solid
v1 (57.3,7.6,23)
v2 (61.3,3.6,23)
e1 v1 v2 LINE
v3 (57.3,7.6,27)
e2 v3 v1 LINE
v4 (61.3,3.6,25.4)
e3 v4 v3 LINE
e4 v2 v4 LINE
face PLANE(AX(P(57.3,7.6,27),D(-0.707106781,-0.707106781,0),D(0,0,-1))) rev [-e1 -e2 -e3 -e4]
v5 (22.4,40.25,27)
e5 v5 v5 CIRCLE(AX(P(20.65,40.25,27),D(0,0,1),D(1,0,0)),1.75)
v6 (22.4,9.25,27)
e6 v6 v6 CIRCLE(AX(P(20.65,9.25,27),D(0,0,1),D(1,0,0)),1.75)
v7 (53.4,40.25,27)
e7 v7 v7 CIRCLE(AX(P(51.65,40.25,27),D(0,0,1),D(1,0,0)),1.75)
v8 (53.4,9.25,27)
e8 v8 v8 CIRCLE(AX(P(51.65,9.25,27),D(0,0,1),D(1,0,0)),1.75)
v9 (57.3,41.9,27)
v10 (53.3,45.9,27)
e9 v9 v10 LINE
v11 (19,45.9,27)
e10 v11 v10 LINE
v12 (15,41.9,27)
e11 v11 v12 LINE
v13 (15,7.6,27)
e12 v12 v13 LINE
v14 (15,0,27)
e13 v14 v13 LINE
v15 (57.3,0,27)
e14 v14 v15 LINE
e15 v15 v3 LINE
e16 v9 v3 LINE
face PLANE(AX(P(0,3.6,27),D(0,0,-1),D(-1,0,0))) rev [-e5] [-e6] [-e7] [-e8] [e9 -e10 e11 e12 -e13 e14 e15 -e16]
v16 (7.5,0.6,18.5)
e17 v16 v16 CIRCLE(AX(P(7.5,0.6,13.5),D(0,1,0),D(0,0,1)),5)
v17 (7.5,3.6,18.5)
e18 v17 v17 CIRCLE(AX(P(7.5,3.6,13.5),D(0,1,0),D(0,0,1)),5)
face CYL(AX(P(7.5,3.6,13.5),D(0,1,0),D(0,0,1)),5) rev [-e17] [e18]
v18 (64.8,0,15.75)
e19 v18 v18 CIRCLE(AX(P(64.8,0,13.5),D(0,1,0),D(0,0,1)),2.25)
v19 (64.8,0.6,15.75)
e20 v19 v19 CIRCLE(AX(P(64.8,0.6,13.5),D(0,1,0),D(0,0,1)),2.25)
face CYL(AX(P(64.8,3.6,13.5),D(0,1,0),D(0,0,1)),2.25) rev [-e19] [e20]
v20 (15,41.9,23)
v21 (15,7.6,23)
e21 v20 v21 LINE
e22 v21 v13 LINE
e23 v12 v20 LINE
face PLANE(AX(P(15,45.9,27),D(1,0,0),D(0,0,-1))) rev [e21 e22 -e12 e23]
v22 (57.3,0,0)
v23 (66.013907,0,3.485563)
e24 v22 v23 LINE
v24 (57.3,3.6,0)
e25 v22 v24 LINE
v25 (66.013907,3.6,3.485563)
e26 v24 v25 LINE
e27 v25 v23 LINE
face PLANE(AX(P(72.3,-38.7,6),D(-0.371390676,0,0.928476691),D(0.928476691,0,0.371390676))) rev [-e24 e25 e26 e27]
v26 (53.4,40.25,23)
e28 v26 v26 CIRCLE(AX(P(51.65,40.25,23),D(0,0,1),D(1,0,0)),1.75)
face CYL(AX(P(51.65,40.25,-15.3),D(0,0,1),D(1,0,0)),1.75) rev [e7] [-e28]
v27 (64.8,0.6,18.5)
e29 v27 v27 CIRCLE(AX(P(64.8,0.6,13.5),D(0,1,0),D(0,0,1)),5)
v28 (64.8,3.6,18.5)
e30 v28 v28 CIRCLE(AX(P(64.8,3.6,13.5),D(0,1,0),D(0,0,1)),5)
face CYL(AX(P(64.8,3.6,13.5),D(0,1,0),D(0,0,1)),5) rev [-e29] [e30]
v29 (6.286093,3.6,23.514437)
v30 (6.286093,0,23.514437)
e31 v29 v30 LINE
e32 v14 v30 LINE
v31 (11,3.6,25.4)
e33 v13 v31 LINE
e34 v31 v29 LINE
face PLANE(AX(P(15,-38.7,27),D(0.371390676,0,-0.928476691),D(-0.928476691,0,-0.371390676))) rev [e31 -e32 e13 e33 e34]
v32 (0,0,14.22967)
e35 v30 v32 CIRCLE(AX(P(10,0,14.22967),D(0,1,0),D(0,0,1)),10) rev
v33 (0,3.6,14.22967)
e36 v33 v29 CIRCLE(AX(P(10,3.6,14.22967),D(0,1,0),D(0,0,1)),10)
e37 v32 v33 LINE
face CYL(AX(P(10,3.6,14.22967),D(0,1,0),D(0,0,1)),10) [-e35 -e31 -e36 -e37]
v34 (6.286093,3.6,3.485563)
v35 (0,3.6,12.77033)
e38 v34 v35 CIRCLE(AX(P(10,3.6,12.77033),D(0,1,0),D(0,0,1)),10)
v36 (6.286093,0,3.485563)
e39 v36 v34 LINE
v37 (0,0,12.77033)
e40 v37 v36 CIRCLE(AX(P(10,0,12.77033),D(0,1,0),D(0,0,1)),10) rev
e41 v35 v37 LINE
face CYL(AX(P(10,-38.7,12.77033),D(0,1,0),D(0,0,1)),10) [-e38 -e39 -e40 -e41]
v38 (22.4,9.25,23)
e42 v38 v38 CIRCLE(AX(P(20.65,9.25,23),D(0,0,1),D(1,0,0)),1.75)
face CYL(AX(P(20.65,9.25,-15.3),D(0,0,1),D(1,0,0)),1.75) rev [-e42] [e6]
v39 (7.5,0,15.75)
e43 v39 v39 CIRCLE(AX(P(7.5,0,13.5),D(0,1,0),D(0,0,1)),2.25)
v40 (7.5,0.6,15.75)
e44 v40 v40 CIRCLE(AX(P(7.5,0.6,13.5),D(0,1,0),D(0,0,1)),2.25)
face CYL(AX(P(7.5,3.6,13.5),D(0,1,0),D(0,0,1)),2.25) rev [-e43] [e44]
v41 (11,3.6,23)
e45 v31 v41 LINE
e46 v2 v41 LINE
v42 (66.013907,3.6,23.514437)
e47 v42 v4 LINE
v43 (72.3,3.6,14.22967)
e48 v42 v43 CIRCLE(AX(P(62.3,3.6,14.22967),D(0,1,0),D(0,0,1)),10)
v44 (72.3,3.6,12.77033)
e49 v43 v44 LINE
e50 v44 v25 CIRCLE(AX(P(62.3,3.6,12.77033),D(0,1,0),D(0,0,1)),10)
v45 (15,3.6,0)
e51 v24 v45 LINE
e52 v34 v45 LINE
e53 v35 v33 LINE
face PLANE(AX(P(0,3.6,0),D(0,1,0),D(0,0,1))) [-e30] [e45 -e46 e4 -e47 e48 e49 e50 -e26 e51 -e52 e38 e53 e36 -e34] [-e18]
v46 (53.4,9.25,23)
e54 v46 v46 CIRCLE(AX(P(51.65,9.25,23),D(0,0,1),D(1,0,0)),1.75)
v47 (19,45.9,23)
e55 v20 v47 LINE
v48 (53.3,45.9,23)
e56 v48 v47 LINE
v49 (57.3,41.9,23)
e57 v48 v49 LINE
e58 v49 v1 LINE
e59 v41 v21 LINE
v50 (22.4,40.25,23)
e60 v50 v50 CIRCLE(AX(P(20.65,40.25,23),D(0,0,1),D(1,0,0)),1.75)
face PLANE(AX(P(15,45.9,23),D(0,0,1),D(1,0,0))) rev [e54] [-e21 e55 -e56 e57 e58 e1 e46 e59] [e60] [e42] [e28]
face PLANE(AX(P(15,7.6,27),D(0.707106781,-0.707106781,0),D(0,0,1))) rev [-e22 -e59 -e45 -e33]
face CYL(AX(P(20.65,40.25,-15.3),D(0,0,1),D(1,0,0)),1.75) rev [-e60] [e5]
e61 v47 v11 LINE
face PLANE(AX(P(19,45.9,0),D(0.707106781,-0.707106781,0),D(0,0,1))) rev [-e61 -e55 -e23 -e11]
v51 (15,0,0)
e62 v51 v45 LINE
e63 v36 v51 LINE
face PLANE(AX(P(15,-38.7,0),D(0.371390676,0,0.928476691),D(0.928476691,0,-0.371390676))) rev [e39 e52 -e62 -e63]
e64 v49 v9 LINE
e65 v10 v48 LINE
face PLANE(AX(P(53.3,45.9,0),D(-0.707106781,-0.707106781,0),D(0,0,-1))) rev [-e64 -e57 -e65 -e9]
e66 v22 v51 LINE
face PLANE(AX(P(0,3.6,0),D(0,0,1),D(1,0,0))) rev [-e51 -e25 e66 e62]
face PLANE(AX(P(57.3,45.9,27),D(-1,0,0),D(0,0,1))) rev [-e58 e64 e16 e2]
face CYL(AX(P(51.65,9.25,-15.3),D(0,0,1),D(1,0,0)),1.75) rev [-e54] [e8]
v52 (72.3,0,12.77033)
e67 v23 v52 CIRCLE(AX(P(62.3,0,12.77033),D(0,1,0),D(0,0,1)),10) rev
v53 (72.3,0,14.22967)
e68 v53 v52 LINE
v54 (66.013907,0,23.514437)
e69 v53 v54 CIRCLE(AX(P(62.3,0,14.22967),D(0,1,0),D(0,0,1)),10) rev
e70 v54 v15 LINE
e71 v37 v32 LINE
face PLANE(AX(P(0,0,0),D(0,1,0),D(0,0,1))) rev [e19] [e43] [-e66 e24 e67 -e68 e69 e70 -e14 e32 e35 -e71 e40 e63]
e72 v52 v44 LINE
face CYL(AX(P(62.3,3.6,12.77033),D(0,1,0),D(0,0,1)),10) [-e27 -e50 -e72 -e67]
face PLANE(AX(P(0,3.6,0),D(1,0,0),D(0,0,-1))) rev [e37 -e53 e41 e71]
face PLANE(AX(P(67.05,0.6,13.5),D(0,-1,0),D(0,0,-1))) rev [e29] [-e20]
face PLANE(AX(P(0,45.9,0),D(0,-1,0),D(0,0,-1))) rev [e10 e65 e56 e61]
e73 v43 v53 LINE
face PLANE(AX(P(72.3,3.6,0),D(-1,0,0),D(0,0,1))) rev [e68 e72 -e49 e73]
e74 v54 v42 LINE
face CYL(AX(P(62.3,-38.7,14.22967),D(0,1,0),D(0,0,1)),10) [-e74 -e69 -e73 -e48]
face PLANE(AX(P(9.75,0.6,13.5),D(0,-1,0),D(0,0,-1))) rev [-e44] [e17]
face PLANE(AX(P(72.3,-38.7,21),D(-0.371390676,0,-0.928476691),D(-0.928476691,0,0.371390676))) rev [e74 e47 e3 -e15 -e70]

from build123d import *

# Parameters (mm, degrees)
SCHIZZO2_W                                           = 72.3
SCHIZZO2_H                                           = 27
ESTRUSIONE_ESTRUSIONE1_DEPTH                         = 3.6
SCHIZZO3_W                                           = 42.3
SCHIZZO3_H                                           = 4
ESTRUSIONE_ESTRUSIONE2_DEPTH                         = 42.3
SCHIZZO4_R                                           = 1.75
TAGLIO_ESTRUSIONE1_DEPTH                             = 42.3
FORO_LAMATO_PER_VITE_M4_A_TESTA_CILINDRI_D           = 4.5
FORO_LAMATO_PER_VITE_M4_A_TESTA_CILINDRI_DEPTH       = 9
FORO_LAMATO_PER_VITE_M4_A_TESTA_CILINDRI_CBORE_D     = 10
FORO_LAMATO_PER_VITE_M4_A_TESTA_CILINDRI_CBORE_DEPTH = 3
FORO_LAMATO_PER_VITE_M4_A_TESTA_CILINDRI_TIP         = 1.351936393
TAGLIO_ESTRUSIONE2_DEPTH                             = 42.3
SMUSSO1_SIZE                                         = 4
RACCORDO1_R                                          = 10
SMUSSO2_SIZE                                         = 4


with BuildPart() as part:
    # Schizzo2 → Estrusione-Estrusione1 (new body)
    with BuildSketch(Plane(origin=(0, 0, 0), x_dir=(1, 0, 0), z_dir=(0, 1, 0))):
        with Locations((36.15, -13.5)):
            Rectangle(SCHIZZO2_W, SCHIZZO2_H)
    extrude(amount=ESTRUSIONE_ESTRUSIONE1_DEPTH)

    # Schizzo3 → Estrusione-Estrusione2 (add)
    with BuildSketch(Plane(origin=(0, 3.6, 0), x_dir=(1, 0, 0), z_dir=(0, 1, 0))):
        with Locations((36.15, -25)):
            Rectangle(SCHIZZO3_W, SCHIZZO3_H)
    extrude(amount=ESTRUSIONE_ESTRUSIONE2_DEPTH)

    # Schizzo4 → Taglio-Estrusione1 (cut)
    with BuildSketch(Plane.XY.offset(27)):
        with Locations((20.65, 40.25)):
            Circle(SCHIZZO4_R)
        with Locations((51.65, 40.25)):
            Circle(SCHIZZO4_R)
        with Locations((51.65, 9.25)):
            Circle(SCHIZZO4_R)
        with Locations((20.65, 9.25)):
            Circle(SCHIZZO4_R)
    extrude(amount=-TAGLIO_ESTRUSIONE1_DEPTH, mode=Mode.SUBTRACT)

    # Foro lamato per Vite M4 a testa cilindrica-2
    with Locations(Plane(origin=(0, 3.6, 0), x_dir=(1, 0, 0), z_dir=(0, 1, 0))):
        with Locations((7.5, -13.5), (64.8, -13.5)):
            CounterBoreHole(FORO_LAMATO_PER_VITE_M4_A_TESTA_CILINDRI_D / 2, FORO_LAMATO_PER_VITE_M4_A_TESTA_CILINDRI_CBORE_D / 2, FORO_LAMATO_PER_VITE_M4_A_TESTA_CILINDRI_CBORE_DEPTH, depth=FORO_LAMATO_PER_VITE_M4_A_TESTA_CILINDRI_DEPTH)
            with Locations((0, 0, -(FORO_LAMATO_PER_VITE_M4_A_TESTA_CILINDRI_DEPTH + FORO_LAMATO_PER_VITE_M4_A_TESTA_CILINDRI_TIP / 2))):  # 118° drill point
                Cone(0, FORO_LAMATO_PER_VITE_M4_A_TESTA_CILINDRI_D / 2, FORO_LAMATO_PER_VITE_M4_A_TESTA_CILINDRI_TIP, mode=Mode.SUBTRACT)

    # Schizzo8 → Taglio-Estrusione2 (cut)
    with BuildSketch(Plane(origin=(0, 3.6, 0), x_dir=(1, 0, 0), z_dir=(0, 1, 0))):
        Polygon((15, -27), (0, -21), (0, -27), align=None)
        Polygon((0, -6), (0, 0), (15, 0), align=None)
        Polygon((57.3, 0), (72.3, 0), (72.3, -6), align=None)
        Polygon((57.3, -27), (72.3, -27), (72.3, -21), align=None)
    extrude(amount=-TAGLIO_ESTRUSIONE2_DEPTH, mode=Mode.SUBTRACT)

    # Smusso1
    smusso1_edges = [part.edges().sort_by_distance(p)[0] for p in [
        (15, 45.9, 25),
        (57.3, 45.9, 25),
    ]]
    chamfer(smusso1_edges, length=SMUSSO1_SIZE)

    # Raccordo1
    raccordo1_edges = [part.edges().sort_by_distance(p)[0] for p in [
        (0, 1.8, 21),
        (72.3, 1.8, 21),
        (72.3, 1.8, 6),
        (0, 1.8, 6),
    ]]
    fillet(raccordo1_edges, radius=RACCORDO1_R)

    # Smusso2
    smusso2_edges = [part.edges().sort_by_distance(p)[0] for p in [
        (15, 3.6, 25),
        (57.3, 3.6, 25),
    ]]
    chamfer(smusso2_edges, length=SMUSSO2_SIZE)


solid = part.part
